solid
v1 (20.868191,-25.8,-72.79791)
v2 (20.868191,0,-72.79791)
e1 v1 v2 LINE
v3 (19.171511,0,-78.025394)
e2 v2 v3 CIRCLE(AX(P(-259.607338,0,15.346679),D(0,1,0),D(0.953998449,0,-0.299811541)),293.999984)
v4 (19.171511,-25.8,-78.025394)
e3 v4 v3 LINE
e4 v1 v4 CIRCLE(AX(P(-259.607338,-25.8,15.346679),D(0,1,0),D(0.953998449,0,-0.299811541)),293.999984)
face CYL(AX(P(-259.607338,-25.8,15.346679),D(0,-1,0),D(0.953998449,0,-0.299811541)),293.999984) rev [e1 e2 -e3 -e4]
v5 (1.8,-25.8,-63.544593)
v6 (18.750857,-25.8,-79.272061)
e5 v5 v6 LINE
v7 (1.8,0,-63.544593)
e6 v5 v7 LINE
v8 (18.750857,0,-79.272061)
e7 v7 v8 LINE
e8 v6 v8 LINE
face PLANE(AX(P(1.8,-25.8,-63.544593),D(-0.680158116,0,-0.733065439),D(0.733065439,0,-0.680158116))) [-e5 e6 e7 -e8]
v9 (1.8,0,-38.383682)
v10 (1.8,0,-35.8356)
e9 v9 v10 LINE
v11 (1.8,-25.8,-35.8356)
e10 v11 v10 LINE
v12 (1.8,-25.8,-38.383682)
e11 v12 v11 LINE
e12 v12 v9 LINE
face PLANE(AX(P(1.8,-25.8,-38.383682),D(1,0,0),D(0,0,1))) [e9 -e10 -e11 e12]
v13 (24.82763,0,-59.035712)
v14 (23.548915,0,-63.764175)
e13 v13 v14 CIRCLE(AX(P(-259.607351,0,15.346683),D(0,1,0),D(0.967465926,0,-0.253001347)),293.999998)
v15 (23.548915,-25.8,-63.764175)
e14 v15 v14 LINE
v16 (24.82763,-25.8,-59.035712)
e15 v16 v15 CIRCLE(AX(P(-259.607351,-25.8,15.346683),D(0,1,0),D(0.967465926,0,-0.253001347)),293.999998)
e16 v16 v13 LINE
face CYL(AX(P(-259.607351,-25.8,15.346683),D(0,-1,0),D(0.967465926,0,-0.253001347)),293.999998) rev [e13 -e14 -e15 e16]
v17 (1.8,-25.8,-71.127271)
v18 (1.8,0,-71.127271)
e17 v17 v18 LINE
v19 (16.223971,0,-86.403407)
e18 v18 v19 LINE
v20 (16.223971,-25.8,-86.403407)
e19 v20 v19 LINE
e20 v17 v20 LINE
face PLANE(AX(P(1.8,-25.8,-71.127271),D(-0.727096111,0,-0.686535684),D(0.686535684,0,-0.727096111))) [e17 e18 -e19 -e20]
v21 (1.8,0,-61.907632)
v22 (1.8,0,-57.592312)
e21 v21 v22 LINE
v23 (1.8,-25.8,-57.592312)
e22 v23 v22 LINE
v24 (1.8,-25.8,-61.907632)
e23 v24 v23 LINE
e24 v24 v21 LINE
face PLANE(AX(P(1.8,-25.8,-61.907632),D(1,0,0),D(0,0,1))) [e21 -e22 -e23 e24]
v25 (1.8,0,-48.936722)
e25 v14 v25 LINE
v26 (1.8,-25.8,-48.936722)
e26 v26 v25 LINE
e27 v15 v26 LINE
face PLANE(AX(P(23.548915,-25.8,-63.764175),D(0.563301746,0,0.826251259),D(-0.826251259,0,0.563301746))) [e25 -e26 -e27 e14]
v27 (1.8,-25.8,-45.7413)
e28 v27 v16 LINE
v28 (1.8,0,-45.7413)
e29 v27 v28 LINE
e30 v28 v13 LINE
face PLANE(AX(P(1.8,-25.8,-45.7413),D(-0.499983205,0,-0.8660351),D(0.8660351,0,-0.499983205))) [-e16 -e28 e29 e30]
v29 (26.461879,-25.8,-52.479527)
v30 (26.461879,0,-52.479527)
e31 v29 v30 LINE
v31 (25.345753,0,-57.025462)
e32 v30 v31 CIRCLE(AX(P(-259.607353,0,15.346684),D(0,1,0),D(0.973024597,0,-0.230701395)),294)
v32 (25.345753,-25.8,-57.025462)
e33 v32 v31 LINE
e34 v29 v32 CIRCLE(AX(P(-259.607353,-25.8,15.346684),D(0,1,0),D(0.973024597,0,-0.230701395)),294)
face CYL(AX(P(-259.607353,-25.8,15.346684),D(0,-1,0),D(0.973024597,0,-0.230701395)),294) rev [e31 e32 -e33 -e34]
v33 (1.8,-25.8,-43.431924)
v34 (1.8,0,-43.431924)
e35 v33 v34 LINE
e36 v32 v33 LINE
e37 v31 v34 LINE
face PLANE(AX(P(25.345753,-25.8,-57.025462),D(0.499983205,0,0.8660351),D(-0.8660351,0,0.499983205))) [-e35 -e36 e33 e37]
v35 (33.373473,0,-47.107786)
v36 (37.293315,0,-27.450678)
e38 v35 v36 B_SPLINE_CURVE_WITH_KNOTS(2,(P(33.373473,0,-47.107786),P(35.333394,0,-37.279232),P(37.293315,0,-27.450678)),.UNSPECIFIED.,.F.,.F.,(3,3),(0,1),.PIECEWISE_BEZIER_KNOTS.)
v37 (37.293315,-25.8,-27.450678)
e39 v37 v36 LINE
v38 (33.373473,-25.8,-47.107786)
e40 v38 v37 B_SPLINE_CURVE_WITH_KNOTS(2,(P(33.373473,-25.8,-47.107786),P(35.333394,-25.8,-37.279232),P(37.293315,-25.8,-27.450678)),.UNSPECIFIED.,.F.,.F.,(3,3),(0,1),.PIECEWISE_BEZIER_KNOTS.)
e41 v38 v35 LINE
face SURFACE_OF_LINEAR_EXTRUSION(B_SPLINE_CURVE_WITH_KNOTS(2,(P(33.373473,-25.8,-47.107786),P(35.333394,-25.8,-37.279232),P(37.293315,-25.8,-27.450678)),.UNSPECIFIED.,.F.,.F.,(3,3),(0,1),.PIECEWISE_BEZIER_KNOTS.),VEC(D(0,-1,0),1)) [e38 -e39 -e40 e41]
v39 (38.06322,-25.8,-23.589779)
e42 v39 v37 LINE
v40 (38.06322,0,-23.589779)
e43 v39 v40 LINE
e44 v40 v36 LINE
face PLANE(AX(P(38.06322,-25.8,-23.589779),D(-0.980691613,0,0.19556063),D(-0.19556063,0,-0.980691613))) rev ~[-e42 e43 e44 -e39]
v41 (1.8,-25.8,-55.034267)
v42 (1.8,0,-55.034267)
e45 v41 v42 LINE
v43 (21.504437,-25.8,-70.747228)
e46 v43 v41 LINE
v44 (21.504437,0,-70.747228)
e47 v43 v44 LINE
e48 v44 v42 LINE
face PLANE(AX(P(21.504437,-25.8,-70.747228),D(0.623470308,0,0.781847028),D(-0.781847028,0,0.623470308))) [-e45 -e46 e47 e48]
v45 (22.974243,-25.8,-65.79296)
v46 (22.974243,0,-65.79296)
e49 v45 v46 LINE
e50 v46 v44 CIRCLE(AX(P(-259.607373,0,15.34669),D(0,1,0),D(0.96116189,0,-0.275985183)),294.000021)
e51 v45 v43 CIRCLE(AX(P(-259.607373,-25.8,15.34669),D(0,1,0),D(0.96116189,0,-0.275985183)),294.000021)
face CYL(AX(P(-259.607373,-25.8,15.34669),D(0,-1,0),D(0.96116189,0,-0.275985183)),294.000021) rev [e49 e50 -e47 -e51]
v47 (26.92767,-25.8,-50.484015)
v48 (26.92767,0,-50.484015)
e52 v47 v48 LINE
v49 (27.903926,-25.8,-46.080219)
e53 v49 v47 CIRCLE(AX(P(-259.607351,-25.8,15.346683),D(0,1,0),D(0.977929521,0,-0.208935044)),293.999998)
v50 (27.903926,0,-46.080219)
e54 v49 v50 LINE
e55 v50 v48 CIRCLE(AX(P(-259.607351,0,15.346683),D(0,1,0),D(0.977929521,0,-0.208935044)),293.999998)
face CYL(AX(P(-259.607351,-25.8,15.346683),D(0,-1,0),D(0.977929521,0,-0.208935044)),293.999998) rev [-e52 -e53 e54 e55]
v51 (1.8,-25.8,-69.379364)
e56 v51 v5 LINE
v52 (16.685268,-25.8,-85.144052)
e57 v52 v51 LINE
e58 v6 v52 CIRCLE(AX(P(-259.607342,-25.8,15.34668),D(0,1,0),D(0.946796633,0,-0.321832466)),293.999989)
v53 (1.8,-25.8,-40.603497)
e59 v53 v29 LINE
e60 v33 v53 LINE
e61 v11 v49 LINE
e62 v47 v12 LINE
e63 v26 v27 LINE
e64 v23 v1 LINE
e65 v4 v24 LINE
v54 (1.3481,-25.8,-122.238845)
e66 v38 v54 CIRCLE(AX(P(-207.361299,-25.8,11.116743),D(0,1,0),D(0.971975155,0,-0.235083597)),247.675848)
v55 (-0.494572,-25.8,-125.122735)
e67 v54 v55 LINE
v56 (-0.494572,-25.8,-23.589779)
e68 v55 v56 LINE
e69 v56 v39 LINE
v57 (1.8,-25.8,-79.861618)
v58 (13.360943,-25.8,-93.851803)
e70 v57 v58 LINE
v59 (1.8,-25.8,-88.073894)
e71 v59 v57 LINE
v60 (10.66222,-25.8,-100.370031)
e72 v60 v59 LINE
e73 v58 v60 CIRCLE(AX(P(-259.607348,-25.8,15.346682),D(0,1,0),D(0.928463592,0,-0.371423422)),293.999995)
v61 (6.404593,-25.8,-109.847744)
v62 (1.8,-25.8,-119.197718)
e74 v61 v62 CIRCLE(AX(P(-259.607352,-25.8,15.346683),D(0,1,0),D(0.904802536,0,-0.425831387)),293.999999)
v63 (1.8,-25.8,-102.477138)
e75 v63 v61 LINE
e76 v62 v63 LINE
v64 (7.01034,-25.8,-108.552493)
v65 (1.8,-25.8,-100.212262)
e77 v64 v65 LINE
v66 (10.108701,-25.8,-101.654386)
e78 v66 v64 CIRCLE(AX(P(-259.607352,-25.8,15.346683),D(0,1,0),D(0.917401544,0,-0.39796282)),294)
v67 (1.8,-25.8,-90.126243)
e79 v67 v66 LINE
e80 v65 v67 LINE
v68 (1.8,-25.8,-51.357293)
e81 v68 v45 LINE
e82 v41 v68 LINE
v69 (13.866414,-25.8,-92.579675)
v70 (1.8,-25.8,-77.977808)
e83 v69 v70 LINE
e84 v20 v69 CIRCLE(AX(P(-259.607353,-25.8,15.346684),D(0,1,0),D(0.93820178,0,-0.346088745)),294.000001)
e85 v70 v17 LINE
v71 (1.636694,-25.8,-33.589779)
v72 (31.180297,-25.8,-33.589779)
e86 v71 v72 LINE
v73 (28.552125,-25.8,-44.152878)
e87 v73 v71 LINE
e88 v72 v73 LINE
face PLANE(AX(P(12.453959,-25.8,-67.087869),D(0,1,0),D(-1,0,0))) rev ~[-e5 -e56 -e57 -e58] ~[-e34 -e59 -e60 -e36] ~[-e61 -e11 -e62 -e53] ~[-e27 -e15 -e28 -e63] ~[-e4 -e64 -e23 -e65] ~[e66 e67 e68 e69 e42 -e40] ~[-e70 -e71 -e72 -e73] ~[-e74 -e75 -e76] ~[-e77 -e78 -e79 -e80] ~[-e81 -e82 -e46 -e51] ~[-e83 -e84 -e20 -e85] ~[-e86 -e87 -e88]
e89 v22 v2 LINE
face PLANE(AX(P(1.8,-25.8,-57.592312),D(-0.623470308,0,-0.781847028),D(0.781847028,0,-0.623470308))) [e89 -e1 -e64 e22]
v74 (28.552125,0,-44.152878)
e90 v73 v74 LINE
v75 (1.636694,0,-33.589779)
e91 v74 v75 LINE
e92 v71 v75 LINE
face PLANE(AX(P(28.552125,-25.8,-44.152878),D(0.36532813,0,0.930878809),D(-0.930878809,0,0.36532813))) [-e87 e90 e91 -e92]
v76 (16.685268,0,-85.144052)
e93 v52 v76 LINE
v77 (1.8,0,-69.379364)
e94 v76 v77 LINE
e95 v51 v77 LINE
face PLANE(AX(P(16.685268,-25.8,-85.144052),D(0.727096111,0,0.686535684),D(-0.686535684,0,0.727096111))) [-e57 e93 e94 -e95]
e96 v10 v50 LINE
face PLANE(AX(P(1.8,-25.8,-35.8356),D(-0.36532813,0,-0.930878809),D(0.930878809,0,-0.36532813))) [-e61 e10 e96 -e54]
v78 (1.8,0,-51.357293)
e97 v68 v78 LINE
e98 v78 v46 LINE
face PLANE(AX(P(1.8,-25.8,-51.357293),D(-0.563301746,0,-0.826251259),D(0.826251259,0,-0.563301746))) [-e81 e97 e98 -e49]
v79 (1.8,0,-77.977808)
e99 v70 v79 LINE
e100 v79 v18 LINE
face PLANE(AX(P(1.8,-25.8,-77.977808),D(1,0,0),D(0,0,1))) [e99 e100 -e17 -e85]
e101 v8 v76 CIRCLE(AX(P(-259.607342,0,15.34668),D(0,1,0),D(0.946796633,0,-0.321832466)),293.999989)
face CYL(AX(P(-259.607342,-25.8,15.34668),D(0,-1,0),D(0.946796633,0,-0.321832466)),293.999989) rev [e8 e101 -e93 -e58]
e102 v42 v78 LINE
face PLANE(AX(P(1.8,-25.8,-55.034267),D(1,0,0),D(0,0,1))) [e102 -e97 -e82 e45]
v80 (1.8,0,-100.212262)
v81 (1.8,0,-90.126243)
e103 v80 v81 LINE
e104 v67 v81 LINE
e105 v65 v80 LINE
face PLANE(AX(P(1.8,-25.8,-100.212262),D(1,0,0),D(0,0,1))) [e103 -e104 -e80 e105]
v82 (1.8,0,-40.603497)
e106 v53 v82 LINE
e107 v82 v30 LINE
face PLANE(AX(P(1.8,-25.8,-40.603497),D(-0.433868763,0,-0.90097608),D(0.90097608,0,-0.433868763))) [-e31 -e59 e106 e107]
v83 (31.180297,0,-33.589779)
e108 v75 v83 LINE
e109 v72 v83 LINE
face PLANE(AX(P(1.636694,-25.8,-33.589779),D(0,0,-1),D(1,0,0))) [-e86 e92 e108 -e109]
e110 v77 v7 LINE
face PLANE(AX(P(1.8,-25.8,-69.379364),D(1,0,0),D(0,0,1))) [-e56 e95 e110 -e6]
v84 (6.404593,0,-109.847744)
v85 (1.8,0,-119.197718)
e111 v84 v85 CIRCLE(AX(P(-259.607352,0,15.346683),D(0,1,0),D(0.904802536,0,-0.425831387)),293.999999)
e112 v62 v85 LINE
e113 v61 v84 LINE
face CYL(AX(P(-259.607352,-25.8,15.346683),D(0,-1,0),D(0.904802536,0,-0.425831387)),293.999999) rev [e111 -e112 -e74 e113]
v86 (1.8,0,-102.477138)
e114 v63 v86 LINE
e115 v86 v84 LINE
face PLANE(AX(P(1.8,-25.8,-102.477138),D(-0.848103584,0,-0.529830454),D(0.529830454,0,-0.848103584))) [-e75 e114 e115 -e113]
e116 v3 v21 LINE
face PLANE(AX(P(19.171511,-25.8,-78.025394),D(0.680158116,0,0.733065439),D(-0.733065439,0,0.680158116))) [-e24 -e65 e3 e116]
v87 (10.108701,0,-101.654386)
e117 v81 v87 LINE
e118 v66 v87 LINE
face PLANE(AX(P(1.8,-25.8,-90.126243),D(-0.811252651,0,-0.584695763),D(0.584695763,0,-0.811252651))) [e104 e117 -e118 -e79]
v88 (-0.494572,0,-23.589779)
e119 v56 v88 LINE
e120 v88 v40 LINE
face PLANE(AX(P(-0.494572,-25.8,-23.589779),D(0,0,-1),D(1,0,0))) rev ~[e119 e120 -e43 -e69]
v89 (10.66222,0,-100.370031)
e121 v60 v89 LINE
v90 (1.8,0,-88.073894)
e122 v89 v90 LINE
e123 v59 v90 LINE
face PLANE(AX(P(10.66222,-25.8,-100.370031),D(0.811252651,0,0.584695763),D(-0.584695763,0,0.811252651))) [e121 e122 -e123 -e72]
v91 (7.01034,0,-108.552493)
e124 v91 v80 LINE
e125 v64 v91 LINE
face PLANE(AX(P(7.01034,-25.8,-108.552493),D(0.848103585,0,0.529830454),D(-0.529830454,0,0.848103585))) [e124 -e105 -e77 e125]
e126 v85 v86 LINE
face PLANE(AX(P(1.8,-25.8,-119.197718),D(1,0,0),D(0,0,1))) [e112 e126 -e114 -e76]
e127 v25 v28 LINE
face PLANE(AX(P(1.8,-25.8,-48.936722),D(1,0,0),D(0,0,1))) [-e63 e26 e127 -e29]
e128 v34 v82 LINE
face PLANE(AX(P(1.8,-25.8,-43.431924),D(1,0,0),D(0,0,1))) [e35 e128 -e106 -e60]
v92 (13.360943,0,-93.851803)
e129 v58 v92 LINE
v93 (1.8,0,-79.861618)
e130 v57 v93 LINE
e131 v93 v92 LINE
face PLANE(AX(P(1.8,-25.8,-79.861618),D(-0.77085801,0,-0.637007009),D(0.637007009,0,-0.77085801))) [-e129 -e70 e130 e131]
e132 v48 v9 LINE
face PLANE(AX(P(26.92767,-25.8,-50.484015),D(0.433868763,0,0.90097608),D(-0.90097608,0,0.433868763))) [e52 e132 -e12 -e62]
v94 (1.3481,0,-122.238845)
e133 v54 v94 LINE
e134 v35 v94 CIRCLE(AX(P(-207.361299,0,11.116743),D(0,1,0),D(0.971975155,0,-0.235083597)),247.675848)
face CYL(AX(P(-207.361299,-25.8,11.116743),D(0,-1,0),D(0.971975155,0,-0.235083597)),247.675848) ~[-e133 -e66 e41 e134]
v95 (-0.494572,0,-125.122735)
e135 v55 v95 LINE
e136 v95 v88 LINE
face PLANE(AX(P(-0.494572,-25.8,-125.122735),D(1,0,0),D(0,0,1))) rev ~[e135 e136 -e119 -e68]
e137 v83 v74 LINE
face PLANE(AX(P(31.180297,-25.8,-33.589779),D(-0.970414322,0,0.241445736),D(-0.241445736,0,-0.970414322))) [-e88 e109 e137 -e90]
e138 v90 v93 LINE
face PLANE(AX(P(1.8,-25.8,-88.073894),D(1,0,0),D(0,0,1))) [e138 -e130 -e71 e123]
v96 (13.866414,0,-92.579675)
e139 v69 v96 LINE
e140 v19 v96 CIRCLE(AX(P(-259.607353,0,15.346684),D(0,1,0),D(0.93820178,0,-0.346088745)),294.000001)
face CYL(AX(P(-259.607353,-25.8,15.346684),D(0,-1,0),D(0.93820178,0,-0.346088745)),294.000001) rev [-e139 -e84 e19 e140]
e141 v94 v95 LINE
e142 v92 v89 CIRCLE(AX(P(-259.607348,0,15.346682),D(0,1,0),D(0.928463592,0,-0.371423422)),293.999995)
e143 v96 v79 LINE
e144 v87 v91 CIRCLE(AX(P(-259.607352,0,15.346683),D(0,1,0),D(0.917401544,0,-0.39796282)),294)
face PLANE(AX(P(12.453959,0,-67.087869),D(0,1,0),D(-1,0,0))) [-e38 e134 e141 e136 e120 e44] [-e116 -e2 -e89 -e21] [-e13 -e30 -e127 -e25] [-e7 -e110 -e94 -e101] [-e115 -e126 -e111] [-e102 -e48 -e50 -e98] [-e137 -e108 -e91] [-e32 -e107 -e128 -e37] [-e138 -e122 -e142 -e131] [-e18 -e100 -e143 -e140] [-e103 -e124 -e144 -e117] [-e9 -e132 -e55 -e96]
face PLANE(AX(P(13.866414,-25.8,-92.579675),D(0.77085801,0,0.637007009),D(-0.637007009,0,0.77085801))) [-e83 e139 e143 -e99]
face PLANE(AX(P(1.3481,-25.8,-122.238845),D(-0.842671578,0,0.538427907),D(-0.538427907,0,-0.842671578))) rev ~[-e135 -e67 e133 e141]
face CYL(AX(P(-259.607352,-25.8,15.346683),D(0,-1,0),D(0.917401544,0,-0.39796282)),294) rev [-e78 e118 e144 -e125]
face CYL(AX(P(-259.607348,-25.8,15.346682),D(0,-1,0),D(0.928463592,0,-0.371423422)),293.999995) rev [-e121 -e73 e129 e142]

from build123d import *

# Parameters (mm, degrees)
BOSS_EXTRUDE1_DEPTH = 25.8


with BuildPart() as part:
    # Sketch1 → Boss-Extrude1 (new body)
    with BuildSketch(Plane.XZ.offset(25.8)):
        with BuildLine():
            Line((-0.494571956, -23.689779316), (-0.494571956, -23.589779316))
            Line((-0.494571956, -23.589779316), (-0.394571956, -23.589779316))
            Line((-0.394571956, -23.589779316), (33.993371563, -23.589779316))
            Line((33.993371563, -23.589779316), (38.063220374, -23.589779316))
            Line((38.063220374, -23.589779316), (37.29331502, -27.450677709))
            add(Edge.make_bspline(
                [(33.373472705, -47.107785962), (35.333393862, -37.279231836), (37.29331502, -27.450677709)],
                knots=[0, 0, 0, 1, 1, 1], degree=2))
            ThreePointArc((33.373472705, -47.107785962), (20.478962104, -86.002469597), (1.348099623, -122.238845235))
            Line((1.348099623, -122.238845235), (-0.494571956, -125.122735442))
            Line((-0.494571956, -125.122735442), (-0.494571956, -121.700417329))
            Line((-0.494571956, -121.700417329), (-0.494571956, -23.689779316))
        make_face()
        Polygon((1.636693568, -33.589779316), (31.180296724, -33.589779316), (28.552125449, -44.152877649), align=None, mode=Mode.SUBTRACT)
        with BuildLine():
            Line((1.8, -35.835600274), (27.903926427, -46.080219159))
            ThreePointArc((27.903926427, -46.080219159), (27.424243887, -48.283989571), (26.927669734, -50.484015362))
            Line((26.927669734, -50.484015362), (1.8, -38.383681926))
            Line((1.8, -38.383681926), (1.8, -35.835600274))
        make_face(mode=Mode.SUBTRACT)
        with BuildLine():
            Line((1.8, -40.603496686), (26.461878816, -52.479526576))
            ThreePointArc((26.461878816, -52.479526576), (25.912863392, -54.754715884), (25.345753049, -57.025462497))
            Line((25.345753049, -57.025462497), (1.8, -43.431924445))
            Line((1.8, -43.431924445), (1.8, -40.603496686))
        make_face(mode=Mode.SUBTRACT)
        with BuildLine():
            Line((1.8, -45.741299666), (24.827629624, -59.035712415))
            ThreePointArc((24.827629624, -59.035712415), (24.198120154, -61.402606851), (23.548915198, -63.764175052))
            Line((23.548915198, -63.764175052), (1.8, -48.936721812))
            Line((1.8, -48.936721812), (1.8, -45.741299666))
        make_face(mode=Mode.SUBTRACT)
        with BuildLine():
            Line((1.8, -51.35729301), (22.974243013, -65.792960045))
            ThreePointArc((22.974243013, -65.792960045), (22.250225593, -68.273323364), (21.504437212, -70.747227791))
            Line((21.504437212, -70.747227791), (1.8, -55.034267198))
            Line((1.8, -55.034267198), (1.8, -51.35729301))
        make_face(mode=Mode.SUBTRACT)
        with BuildLine():
            Line((1.8, -57.592312351), (20.868191148, -72.797909591))
            ThreePointArc((20.868191148, -72.797909591), (20.032066674, -75.415616602), (19.171511459, -78.02539415))
            Line((19.171511459, -78.02539415), (1.8, -61.907631839))
            Line((1.8, -61.907631839), (1.8, -57.592312351))
        make_face(mode=Mode.SUBTRACT)
        with BuildLine():
            Line((1.8, -63.544593475), (18.75085734, -79.272061417))
            ThreePointArc((18.75085734, -79.272061417), (17.733603559, -82.213523384), (16.685267787, -85.144051641))
            Line((16.685267787, -85.144051641), (1.8, -69.379364433))
            Line((1.8, -69.379364433), (1.8, -63.544593475))
        make_face(mode=Mode.SUBTRACT)
        with BuildLine():
            Line((1.8, -71.127270664), (16.223970717, -86.40340744))
            ThreePointArc((16.223970717, -86.40340744), (15.062552919, -89.498168213), (13.866413905, -92.579675475))
            Line((13.866413905, -92.579675475), (1.8, -77.977808183))
            Line((1.8, -77.977808183), (1.8, -71.127270664))
        make_face(mode=Mode.SUBTRACT)
        with BuildLine():
            Line((1.8, -79.861617911), (13.360943276, -93.851802636))
            ThreePointArc((13.360943276, -93.851802636), (12.031133738, -97.119012014), (10.66221999, -100.37003119))
            Line((10.66221999, -100.37003119), (1.8, -88.073893757))
            Line((1.8, -88.073893757), (1.8, -79.861617911))
        make_face(mode=Mode.SUBTRACT)
        with BuildLine():
            Line((1.8, -90.126243158), (10.108701369, -101.654385546))
            ThreePointArc((10.108701369, -101.654385546), (8.581699979, -105.113401186), (7.010340095, -108.552492716))
            Line((7.010340095, -108.552492716), (1.8, -100.212262217))
            Line((1.8, -100.212262217), (1.8, -90.126243158))
        make_face(mode=Mode.SUBTRACT)
        with BuildLine():
            Line((1.8, -102.47713769), (6.404592978, -109.847744231))
            ThreePointArc((6.404592978, -109.847744231), (4.143731804, -114.543136732), (1.8, -119.197717832))
            Line((1.8, -119.197717832), (1.8, -102.47713769))
        make_face(mode=Mode.SUBTRACT)
    extrude(amount=-BOSS_EXTRUDE1_DEPTH)


solid = part.part
